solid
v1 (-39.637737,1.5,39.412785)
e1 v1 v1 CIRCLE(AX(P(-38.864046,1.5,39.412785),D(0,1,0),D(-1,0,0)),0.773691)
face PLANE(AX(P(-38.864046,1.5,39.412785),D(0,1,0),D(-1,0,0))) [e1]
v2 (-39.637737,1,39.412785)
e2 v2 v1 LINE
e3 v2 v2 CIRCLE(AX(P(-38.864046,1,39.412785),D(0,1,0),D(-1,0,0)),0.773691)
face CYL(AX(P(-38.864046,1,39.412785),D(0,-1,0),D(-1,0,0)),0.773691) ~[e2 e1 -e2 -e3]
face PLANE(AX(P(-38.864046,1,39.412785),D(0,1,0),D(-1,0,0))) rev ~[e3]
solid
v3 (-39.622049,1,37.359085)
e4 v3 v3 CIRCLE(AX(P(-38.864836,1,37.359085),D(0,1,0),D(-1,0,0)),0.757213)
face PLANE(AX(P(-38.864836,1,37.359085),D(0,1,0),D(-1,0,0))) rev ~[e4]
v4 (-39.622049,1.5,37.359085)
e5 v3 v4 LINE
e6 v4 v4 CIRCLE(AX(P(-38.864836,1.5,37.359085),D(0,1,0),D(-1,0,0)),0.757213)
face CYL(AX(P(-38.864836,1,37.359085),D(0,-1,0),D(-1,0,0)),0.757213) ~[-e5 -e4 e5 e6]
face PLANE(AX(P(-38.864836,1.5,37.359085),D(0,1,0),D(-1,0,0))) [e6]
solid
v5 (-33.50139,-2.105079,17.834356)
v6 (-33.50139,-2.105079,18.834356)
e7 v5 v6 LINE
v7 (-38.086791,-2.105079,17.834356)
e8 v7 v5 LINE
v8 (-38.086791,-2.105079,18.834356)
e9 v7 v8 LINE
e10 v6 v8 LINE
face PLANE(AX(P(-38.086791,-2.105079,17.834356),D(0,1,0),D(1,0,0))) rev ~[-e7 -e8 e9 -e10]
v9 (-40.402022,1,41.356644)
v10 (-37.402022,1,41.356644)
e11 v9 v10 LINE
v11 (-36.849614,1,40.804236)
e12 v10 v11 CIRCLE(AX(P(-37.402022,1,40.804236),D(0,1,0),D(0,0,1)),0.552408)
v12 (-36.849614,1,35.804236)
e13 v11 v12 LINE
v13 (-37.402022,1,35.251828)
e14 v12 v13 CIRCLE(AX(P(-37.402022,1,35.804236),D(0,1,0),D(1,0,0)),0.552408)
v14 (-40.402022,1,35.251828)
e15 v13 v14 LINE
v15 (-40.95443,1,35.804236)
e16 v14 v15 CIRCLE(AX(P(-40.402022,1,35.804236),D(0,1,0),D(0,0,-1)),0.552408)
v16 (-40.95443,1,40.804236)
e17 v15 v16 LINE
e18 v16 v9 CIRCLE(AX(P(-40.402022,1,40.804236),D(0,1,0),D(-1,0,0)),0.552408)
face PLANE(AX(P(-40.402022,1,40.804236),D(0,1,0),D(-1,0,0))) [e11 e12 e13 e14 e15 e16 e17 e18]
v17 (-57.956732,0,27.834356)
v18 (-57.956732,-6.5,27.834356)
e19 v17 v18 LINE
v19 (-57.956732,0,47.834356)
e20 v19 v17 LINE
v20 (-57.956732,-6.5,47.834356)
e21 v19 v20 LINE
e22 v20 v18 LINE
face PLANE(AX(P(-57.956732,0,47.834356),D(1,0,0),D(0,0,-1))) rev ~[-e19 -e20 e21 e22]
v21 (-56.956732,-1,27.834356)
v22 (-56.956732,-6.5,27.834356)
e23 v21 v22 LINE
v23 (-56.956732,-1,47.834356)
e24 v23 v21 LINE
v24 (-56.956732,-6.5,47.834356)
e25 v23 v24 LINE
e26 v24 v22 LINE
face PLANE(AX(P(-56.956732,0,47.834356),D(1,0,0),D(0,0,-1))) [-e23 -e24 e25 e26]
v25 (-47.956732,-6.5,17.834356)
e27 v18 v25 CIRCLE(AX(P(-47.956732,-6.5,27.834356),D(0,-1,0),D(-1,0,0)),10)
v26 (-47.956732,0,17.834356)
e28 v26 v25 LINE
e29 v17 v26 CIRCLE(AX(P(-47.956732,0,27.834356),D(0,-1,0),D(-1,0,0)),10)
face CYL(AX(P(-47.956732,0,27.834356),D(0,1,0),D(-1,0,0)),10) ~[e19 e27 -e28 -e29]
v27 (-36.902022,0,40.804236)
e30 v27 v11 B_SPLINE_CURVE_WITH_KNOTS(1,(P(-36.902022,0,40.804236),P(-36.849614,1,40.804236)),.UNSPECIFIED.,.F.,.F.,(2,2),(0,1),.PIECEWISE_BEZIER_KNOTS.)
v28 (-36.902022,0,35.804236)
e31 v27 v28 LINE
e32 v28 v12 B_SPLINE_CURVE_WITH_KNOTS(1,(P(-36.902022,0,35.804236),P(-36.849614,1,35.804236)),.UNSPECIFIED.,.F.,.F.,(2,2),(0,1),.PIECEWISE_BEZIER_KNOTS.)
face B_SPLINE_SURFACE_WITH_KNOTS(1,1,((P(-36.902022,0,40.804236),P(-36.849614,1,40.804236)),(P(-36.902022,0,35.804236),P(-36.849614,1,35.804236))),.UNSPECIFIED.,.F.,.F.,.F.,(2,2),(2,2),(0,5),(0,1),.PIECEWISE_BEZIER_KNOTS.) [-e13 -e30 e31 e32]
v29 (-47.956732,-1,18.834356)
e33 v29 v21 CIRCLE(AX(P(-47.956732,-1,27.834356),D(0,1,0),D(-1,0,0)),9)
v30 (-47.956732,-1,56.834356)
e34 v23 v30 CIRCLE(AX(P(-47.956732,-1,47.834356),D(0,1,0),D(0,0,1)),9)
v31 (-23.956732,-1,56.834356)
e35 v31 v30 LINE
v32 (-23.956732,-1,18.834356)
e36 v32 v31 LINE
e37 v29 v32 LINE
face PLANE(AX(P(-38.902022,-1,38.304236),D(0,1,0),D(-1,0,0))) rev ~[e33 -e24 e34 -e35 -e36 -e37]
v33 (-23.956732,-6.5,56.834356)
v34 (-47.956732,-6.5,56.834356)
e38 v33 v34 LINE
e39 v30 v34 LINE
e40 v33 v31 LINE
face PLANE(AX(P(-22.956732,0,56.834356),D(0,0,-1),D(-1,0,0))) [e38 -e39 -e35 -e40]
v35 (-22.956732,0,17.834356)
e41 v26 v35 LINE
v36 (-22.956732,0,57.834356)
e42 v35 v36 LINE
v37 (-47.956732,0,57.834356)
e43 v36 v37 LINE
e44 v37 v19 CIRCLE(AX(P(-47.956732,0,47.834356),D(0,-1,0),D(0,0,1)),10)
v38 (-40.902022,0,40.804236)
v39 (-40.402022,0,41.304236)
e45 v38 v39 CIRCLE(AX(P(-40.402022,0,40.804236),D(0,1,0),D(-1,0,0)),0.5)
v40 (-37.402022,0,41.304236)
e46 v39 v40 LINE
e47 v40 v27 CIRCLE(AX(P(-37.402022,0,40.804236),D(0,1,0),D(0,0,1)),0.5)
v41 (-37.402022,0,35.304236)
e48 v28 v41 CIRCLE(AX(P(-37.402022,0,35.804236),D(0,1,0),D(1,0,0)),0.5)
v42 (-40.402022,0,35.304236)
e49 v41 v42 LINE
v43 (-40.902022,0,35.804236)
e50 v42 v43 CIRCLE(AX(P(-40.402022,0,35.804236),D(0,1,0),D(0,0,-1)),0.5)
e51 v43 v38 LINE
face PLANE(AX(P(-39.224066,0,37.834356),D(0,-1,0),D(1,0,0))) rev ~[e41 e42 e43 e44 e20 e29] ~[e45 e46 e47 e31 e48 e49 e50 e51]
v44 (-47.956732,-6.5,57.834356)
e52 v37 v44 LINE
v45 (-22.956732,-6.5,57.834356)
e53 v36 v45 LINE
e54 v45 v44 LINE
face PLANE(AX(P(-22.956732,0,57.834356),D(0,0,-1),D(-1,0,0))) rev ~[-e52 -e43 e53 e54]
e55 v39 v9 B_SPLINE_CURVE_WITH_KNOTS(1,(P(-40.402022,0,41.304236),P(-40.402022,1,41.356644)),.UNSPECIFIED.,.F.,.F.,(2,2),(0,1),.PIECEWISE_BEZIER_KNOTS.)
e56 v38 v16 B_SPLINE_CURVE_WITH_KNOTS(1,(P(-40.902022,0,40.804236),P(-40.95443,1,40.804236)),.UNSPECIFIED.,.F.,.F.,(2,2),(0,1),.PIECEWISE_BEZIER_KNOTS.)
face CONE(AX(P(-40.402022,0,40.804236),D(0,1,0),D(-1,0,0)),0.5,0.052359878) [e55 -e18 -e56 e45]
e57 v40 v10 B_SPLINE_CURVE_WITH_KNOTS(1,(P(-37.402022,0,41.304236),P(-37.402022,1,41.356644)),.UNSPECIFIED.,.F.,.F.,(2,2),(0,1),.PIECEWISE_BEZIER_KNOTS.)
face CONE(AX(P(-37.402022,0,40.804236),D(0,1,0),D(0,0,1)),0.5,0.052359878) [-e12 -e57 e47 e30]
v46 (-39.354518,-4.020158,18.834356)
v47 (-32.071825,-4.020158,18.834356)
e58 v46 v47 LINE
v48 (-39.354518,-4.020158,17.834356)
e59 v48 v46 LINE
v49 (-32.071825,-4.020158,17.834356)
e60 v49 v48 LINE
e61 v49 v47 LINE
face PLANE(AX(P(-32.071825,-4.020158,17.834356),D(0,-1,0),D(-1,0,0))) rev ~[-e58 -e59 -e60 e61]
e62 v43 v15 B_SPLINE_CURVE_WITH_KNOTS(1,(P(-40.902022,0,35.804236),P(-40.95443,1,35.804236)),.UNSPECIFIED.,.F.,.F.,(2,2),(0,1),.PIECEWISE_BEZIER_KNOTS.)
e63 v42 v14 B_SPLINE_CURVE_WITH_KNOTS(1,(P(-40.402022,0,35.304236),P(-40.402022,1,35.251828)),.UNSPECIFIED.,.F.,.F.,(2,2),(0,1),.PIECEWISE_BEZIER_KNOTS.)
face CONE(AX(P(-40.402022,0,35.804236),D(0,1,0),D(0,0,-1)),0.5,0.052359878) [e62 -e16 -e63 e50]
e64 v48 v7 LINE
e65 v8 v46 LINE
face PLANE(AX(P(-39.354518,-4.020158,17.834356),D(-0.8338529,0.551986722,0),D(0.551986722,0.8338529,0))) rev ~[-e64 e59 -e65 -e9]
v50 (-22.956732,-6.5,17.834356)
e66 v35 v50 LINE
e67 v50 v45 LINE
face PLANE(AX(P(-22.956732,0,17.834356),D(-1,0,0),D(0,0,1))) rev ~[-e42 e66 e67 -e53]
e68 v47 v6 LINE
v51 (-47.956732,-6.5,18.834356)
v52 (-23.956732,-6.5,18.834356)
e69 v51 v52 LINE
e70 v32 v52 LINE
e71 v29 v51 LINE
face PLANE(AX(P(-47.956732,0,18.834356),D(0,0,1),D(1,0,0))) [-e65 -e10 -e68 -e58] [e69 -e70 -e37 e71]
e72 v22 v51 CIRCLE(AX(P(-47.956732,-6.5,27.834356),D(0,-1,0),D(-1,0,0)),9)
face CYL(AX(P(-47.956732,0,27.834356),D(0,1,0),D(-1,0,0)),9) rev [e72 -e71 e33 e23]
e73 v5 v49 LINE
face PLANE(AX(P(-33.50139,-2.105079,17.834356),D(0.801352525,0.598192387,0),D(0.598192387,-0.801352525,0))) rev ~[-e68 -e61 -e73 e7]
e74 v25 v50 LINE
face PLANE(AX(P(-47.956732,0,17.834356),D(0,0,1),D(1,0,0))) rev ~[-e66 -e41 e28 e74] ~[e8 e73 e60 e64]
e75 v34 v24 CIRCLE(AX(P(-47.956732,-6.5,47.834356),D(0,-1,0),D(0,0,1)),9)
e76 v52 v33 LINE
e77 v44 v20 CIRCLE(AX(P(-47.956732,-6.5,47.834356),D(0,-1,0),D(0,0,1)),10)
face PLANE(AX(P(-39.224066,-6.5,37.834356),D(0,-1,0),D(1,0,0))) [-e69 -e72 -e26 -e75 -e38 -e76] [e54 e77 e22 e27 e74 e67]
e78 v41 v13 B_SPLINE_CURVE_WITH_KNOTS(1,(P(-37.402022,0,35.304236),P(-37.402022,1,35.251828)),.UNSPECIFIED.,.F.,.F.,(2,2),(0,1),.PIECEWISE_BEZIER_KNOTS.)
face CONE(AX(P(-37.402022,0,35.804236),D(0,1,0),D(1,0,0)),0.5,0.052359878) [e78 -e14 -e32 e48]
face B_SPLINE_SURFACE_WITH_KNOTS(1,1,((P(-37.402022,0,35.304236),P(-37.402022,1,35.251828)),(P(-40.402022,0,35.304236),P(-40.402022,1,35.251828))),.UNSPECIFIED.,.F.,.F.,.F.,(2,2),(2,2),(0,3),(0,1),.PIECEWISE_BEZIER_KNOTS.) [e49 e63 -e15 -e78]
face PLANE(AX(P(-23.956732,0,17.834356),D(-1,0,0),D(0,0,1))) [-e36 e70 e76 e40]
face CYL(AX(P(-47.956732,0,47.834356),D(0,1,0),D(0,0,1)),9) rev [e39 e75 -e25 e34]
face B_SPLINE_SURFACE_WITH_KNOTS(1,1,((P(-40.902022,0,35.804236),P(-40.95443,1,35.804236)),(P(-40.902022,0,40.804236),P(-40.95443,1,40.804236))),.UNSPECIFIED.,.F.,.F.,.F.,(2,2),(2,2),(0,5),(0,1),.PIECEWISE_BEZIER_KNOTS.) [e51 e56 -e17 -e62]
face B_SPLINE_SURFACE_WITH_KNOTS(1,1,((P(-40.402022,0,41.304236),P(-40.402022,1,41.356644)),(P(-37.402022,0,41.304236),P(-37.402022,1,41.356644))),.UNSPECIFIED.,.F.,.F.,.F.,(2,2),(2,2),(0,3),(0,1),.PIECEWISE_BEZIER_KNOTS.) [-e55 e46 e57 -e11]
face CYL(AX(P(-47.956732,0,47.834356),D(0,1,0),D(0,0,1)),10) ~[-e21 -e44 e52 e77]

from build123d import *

# Parameters (mm, degrees)
F1_DEPTH      = 6.5
F2_T          = -1
F4_DEPTH      = 25
F6_DEPTH      = 1
F6_TAPER      = -3
F6_DEPTH_BACK = 1
F8_R          = 0.7736909367
F9_DEPTH      = 0.5
F8_R_2        = 0.7572129145


with BuildPart() as f1:
    # F0 (on Front) → F1 (new body)
    with BuildSketch(Plane.XZ):
        with BuildLine():
            Line((-22.9567318037, 57.8343560425), (-47.9567318037, 57.8343560425))
            ThreePointArc((-47.9567318037, 57.8343560425), (-55.0277996156, 54.9054238543), (-57.9567318037, 47.8343560425))
            Line((-57.9567318037, 47.8343560425), (-57.9567318037, 27.8343560425))
            ThreePointArc((-57.9567318037, 27.8343560425), (-55.0277996156, 20.7632882306), (-47.9567318037, 17.8343560425))
            Line((-47.9567318037, 17.8343560425), (-22.9567318037, 17.8343560425))
            Line((-22.9567318037, 17.8343560425), (-22.9567318037, 57.8343560425))
        make_face()
    extrude(amount=F1_DEPTH)

    # F2
    f2_openings = [f1.faces().sort_by_distance(p)[0] for p in [
        (-39.973904, -6.5, 37.834356),
    ]]
    offset(amount=F2_T, openings=f2_openings)

    # F3 (on face) → F4 (cut)
    with BuildSketch(Plane(origin=(0, 0, 17.8343560425), x_dir=(1, 0, 0), z_dir=(0, 0, -1))):
        Polygon((-32.0718251169, 4.0201582015), (-39.3545180559, 4.0201582015), (-38.0867905915, 2.1050791256), (-33.5013903677, 2.1050791256), align=None)
    extrude(amount=-F4_DEPTH, mode=Mode.SUBTRACT)

    # F5 (on face) → F6 (join, two sides)
    with BuildSketch(Plane(origin=(0, 0, 0), x_dir=(-1, 0, 0), z_dir=(0, 1, 0))) as f6_sk:
        with BuildLine():
            ThreePointArc((40.9020219445, 40.8042357862), (40.7555753351, 41.1577891768), (40.4020219445, 41.3042357862))
            Line((40.4020219445, 41.3042357862), (37.4020219445, 41.3042357862))
            ThreePointArc((37.4020219445, 41.3042357862), (37.0484685539, 41.1577891768), (36.9020219445, 40.8042357862))
            Line((36.9020219445, 40.8042357862), (36.9020219445, 35.8042357862))
            ThreePointArc((36.9020219445, 35.8042357862), (37.0484685539, 35.4506823956), (37.4020219445, 35.3042357862))
            Line((37.4020219445, 35.3042357862), (40.4020219445, 35.3042357862))
            ThreePointArc((40.4020219445, 35.3042357862), (40.7555753351, 35.4506823956), (40.9020219445, 35.8042357862))
            Line((40.9020219445, 35.8042357862), (40.9020219445, 40.8042357862))
        make_face()
    extrude(amount=F6_DEPTH, taper=F6_TAPER)
    extrude(f6_sk.sketch, amount=-F6_DEPTH_BACK)


with BuildPart() as f9:
    # F8 (on face) → F9 (new body)
    with BuildSketch(Plane(origin=(0, 1, 0), x_dir=(-1, 0, 0), z_dir=(0, 1, 0))):
        with Locations((38.8640463352, 39.4127853215)):
            Circle(F8_R)
    extrude(amount=F9_DEPTH)


with BuildPart() as f9b:
    # F8 (on face) → F9, piece 2 (new body)
    with BuildSketch(Plane(origin=(0, 1, 0), x_dir=(-1, 0, 0), z_dir=(0, 1, 0))):
        with Locations((38.8648360968, 37.359084934)):
            Circle(F8_R_2)
    extrude(amount=F9_DEPTH)


solid = Compound([f1.part, f9.part, f9b.part])
